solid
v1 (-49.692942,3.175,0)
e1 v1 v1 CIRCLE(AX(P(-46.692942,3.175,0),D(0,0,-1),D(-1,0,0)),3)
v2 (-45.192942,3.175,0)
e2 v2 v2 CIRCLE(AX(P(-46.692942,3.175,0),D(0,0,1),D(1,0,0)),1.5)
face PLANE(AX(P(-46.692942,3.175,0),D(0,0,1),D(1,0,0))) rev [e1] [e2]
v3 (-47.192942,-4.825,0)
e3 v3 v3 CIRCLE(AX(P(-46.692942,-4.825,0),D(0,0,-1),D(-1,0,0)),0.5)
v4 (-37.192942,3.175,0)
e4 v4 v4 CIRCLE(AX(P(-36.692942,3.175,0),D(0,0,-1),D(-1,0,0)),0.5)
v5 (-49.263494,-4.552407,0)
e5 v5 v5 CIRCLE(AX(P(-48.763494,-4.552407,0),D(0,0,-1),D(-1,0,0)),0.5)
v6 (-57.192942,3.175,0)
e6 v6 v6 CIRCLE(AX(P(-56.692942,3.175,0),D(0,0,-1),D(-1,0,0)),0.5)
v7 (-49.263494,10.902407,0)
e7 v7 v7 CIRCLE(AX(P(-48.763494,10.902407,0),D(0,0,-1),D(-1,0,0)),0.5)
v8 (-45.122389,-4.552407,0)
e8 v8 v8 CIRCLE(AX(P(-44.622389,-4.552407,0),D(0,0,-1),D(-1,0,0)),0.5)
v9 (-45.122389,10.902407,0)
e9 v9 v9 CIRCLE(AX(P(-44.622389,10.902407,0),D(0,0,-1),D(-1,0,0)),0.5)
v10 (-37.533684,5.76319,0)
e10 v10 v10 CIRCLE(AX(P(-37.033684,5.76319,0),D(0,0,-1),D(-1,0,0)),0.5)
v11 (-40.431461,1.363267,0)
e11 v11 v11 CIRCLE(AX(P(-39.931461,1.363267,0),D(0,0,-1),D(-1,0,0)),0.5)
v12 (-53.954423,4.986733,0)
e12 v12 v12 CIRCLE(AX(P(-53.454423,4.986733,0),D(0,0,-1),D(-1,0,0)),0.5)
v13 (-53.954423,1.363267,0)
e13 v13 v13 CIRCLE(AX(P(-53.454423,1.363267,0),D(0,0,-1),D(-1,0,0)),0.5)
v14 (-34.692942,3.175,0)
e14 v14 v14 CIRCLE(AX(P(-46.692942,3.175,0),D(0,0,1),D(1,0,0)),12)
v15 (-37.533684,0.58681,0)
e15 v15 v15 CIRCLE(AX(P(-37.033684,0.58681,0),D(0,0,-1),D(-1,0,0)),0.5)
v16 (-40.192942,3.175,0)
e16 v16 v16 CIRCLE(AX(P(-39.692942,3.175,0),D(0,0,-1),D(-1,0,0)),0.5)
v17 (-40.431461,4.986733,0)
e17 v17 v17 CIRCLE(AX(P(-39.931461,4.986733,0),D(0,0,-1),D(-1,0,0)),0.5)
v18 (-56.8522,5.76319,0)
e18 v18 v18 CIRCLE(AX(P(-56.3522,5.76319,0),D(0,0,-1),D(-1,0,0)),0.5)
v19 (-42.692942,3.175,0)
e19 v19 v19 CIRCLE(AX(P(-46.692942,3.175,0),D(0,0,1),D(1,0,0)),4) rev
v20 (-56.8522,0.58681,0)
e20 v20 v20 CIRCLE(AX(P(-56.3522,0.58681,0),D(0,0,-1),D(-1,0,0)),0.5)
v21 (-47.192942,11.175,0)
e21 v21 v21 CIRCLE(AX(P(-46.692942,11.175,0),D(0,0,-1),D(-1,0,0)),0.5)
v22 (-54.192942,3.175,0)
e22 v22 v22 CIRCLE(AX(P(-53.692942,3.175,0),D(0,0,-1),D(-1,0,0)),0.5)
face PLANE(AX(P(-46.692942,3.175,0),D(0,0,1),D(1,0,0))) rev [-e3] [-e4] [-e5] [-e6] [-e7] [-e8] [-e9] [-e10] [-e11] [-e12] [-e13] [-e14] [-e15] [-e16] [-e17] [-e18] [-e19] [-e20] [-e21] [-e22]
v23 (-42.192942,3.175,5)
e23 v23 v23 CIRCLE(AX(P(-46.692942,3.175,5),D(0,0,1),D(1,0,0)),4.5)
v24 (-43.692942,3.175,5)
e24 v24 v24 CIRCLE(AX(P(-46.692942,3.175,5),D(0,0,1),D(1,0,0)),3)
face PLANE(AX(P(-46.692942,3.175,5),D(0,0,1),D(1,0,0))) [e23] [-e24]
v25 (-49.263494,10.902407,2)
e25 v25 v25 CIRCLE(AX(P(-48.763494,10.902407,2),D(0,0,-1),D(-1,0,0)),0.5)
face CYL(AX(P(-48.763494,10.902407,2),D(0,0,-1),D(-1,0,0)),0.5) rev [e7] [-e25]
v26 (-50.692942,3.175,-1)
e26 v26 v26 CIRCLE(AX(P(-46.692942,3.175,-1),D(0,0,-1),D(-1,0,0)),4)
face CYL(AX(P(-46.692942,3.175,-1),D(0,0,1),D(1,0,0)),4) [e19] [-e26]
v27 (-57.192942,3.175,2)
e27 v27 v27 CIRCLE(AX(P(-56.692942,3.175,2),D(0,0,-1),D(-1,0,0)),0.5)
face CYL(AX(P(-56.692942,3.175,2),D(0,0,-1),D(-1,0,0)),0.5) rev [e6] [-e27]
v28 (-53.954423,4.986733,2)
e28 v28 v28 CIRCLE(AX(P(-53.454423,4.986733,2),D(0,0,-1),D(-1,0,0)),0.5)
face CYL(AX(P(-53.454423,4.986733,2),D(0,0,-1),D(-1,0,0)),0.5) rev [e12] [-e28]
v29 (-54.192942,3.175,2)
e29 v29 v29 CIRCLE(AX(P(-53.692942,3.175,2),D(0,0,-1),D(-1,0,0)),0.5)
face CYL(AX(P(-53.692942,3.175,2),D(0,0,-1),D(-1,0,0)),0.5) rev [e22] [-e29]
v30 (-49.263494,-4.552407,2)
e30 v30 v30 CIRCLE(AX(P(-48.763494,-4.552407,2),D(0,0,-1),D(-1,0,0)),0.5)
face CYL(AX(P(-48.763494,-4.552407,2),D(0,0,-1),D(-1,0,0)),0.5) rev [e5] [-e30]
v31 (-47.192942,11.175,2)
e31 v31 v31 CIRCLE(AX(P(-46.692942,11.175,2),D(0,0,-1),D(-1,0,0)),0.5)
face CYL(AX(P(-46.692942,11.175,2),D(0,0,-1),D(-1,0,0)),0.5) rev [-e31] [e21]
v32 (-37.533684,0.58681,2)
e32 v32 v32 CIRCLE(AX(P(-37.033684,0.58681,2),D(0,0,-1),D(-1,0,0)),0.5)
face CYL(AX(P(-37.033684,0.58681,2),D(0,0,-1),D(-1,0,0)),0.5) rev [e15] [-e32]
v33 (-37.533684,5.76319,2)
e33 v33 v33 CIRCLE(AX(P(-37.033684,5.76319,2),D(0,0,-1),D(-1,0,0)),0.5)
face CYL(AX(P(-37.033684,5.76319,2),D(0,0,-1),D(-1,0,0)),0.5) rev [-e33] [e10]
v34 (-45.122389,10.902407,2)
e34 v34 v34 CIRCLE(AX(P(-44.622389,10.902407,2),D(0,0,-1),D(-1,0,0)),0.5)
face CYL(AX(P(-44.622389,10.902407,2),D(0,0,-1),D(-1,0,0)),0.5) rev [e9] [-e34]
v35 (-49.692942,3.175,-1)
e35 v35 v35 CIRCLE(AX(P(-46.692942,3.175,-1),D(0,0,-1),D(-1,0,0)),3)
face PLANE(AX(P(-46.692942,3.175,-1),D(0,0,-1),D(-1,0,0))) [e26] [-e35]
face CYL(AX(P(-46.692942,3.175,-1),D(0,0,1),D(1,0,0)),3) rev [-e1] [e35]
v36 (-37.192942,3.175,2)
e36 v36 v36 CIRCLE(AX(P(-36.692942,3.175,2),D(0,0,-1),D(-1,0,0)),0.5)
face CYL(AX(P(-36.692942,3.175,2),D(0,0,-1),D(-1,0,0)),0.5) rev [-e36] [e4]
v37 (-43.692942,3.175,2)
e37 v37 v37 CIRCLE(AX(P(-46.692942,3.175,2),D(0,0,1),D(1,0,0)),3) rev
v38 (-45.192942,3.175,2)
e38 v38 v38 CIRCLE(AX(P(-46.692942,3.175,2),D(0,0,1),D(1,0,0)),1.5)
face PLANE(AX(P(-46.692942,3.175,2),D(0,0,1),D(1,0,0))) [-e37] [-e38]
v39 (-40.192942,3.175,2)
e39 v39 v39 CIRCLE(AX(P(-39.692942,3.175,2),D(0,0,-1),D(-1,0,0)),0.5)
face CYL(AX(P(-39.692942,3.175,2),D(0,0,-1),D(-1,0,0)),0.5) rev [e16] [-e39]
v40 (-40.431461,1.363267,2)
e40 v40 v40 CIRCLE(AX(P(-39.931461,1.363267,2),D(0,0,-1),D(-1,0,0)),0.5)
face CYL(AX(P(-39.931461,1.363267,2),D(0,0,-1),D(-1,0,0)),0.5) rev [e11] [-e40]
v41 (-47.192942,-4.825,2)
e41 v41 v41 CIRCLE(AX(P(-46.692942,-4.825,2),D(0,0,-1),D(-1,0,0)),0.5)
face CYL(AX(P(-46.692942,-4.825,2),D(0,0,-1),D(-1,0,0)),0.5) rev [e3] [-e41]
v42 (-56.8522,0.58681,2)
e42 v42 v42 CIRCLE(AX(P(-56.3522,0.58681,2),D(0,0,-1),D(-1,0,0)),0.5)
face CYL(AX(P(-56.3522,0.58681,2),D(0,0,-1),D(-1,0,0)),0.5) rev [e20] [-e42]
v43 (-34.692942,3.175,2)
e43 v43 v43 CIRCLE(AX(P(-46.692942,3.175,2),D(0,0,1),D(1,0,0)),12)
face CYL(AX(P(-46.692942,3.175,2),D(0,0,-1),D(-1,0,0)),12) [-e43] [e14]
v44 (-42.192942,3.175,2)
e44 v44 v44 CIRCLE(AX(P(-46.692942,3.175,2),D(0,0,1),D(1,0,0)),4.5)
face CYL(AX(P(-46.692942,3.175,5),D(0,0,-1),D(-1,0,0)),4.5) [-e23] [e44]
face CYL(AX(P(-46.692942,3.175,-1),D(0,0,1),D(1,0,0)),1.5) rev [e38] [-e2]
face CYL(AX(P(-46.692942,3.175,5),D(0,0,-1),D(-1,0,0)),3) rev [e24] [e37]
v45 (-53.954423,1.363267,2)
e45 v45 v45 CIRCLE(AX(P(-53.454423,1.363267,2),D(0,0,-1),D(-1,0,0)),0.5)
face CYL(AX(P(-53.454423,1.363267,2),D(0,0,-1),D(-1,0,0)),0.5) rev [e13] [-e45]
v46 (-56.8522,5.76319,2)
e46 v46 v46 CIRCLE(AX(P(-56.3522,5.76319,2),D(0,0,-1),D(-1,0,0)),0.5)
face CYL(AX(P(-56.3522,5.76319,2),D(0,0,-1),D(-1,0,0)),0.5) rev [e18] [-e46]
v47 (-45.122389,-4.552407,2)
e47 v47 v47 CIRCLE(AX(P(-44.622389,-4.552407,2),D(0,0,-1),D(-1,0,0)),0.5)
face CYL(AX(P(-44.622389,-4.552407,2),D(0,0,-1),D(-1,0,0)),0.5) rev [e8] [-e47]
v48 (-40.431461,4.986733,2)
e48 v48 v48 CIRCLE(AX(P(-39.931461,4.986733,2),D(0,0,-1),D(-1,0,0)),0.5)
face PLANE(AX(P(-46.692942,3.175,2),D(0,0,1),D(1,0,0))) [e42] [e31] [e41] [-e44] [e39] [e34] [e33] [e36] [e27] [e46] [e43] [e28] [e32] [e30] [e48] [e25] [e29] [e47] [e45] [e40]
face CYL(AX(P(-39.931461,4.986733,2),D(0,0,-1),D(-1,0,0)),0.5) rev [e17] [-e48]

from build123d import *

# Parameters (mm, degrees)
SKETCH1_R           = 12
BOSS_EXTRUDE1_DEPTH = 2
SKETCH2_R           = 4.5
SKETCH2_R_2         = 3
BOSS_EXTRUDE2_DEPTH = 3
SKETCH3_R           = 1.5
CUT_EXTRUDE1_DEPTH  = 3
SKETCH4_R           = 4
SKETCH4_R_2         = 3
BOSS_EXTRUDE3_DEPTH = 1
SKETCH5_R           = 0.5
CUT_EXTRUDE2_DEPTH  = 2


with BuildPart() as part:
    # Sketch1 → Boss-Extrude1 (new body)
    with BuildSketch(Plane.XY):
        with Locations((-46.692941858, 3.175)):
            Circle(SKETCH1_R)
    extrude(amount=BOSS_EXTRUDE1_DEPTH)

    # Sketch2 → Boss-Extrude2 (add)
    with BuildSketch(Plane.XY.offset(2)):
        with Locations((-46.692941858, 3.175)):
            Circle(SKETCH2_R)
        with Locations((-46.692941858, 3.175)):
            Circle(SKETCH2_R_2, mode=Mode.SUBTRACT)
    extrude(amount=BOSS_EXTRUDE2_DEPTH)

    # Sketch3 → Cut-Extrude1 (cut)
    with BuildSketch(Plane.XY.offset(2)):
        with Locations((-46.692941858, 3.175)):
            Circle(SKETCH3_R)
    extrude(amount=-CUT_EXTRUDE1_DEPTH, mode=Mode.SUBTRACT)

    # Sketch4 → Boss-Extrude3 (add)
    with BuildSketch(Plane(origin=(0, 0, 0), x_dir=(-1, 0, 0), z_dir=(0, 0, -1))):
        with Locations((46.692941858, 3.175)):
            Circle(SKETCH4_R)
        with Locations((46.692941858, 3.175)):
            Circle(SKETCH4_R_2, mode=Mode.SUBTRACT)
    extrude(amount=BOSS_EXTRUDE3_DEPTH)

    # Sketch5 → Cut-Extrude2 (cut)
    with BuildSketch(Plane(origin=(0, 0, 0), x_dir=(-1, 0, 0), z_dir=(0, 0, -1))):
        with Locations((46.692941858, -4.825)):
            Circle(SKETCH5_R)
        with Locations((39.692941858, 3.175)):
            Circle(SKETCH5_R)
        with Locations((36.692941858, 3.175)):
            Circle(SKETCH5_R)
        with Locations((53.692941858, 3.175)):
            Circle(SKETCH5_R)
        with Locations((56.692941858, 3.175)):
            Circle(SKETCH5_R)
        with Locations((39.931461074, 1.363266684)):
            Circle(SKETCH5_R)
        with Locations((37.033683596, 0.586809549)):
            Circle(SKETCH5_R)
        with Locations((39.931461074, 4.986733316)):
            Circle(SKETCH5_R)
        with Locations((37.033683596, 5.763190451)):
            Circle(SKETCH5_R)
        with Locations((53.454422642, 4.986733316)):
            Circle(SKETCH5_R)
        with Locations((56.352200121, 5.763190451)):
            Circle(SKETCH5_R)
        with Locations((53.454422642, 1.363266684)):
            Circle(SKETCH5_R)
        with Locations((56.352200121, 0.586809549)):
            Circle(SKETCH5_R)
        with Locations((46.692941858, 11.175)):
            Circle(SKETCH5_R)
        with Locations((44.622389498, -4.55240661)):
            Circle(SKETCH5_R)
        with Locations((48.763494219, 10.90240661)):
            Circle(SKETCH5_R)
        with Locations((48.763494219, -4.55240661)):
            Circle(SKETCH5_R)
        with Locations((44.622389498, 10.90240661)):
            Circle(SKETCH5_R)
    extrude(amount=-CUT_EXTRUDE2_DEPTH, mode=Mode.SUBTRACT)


solid = part.part
